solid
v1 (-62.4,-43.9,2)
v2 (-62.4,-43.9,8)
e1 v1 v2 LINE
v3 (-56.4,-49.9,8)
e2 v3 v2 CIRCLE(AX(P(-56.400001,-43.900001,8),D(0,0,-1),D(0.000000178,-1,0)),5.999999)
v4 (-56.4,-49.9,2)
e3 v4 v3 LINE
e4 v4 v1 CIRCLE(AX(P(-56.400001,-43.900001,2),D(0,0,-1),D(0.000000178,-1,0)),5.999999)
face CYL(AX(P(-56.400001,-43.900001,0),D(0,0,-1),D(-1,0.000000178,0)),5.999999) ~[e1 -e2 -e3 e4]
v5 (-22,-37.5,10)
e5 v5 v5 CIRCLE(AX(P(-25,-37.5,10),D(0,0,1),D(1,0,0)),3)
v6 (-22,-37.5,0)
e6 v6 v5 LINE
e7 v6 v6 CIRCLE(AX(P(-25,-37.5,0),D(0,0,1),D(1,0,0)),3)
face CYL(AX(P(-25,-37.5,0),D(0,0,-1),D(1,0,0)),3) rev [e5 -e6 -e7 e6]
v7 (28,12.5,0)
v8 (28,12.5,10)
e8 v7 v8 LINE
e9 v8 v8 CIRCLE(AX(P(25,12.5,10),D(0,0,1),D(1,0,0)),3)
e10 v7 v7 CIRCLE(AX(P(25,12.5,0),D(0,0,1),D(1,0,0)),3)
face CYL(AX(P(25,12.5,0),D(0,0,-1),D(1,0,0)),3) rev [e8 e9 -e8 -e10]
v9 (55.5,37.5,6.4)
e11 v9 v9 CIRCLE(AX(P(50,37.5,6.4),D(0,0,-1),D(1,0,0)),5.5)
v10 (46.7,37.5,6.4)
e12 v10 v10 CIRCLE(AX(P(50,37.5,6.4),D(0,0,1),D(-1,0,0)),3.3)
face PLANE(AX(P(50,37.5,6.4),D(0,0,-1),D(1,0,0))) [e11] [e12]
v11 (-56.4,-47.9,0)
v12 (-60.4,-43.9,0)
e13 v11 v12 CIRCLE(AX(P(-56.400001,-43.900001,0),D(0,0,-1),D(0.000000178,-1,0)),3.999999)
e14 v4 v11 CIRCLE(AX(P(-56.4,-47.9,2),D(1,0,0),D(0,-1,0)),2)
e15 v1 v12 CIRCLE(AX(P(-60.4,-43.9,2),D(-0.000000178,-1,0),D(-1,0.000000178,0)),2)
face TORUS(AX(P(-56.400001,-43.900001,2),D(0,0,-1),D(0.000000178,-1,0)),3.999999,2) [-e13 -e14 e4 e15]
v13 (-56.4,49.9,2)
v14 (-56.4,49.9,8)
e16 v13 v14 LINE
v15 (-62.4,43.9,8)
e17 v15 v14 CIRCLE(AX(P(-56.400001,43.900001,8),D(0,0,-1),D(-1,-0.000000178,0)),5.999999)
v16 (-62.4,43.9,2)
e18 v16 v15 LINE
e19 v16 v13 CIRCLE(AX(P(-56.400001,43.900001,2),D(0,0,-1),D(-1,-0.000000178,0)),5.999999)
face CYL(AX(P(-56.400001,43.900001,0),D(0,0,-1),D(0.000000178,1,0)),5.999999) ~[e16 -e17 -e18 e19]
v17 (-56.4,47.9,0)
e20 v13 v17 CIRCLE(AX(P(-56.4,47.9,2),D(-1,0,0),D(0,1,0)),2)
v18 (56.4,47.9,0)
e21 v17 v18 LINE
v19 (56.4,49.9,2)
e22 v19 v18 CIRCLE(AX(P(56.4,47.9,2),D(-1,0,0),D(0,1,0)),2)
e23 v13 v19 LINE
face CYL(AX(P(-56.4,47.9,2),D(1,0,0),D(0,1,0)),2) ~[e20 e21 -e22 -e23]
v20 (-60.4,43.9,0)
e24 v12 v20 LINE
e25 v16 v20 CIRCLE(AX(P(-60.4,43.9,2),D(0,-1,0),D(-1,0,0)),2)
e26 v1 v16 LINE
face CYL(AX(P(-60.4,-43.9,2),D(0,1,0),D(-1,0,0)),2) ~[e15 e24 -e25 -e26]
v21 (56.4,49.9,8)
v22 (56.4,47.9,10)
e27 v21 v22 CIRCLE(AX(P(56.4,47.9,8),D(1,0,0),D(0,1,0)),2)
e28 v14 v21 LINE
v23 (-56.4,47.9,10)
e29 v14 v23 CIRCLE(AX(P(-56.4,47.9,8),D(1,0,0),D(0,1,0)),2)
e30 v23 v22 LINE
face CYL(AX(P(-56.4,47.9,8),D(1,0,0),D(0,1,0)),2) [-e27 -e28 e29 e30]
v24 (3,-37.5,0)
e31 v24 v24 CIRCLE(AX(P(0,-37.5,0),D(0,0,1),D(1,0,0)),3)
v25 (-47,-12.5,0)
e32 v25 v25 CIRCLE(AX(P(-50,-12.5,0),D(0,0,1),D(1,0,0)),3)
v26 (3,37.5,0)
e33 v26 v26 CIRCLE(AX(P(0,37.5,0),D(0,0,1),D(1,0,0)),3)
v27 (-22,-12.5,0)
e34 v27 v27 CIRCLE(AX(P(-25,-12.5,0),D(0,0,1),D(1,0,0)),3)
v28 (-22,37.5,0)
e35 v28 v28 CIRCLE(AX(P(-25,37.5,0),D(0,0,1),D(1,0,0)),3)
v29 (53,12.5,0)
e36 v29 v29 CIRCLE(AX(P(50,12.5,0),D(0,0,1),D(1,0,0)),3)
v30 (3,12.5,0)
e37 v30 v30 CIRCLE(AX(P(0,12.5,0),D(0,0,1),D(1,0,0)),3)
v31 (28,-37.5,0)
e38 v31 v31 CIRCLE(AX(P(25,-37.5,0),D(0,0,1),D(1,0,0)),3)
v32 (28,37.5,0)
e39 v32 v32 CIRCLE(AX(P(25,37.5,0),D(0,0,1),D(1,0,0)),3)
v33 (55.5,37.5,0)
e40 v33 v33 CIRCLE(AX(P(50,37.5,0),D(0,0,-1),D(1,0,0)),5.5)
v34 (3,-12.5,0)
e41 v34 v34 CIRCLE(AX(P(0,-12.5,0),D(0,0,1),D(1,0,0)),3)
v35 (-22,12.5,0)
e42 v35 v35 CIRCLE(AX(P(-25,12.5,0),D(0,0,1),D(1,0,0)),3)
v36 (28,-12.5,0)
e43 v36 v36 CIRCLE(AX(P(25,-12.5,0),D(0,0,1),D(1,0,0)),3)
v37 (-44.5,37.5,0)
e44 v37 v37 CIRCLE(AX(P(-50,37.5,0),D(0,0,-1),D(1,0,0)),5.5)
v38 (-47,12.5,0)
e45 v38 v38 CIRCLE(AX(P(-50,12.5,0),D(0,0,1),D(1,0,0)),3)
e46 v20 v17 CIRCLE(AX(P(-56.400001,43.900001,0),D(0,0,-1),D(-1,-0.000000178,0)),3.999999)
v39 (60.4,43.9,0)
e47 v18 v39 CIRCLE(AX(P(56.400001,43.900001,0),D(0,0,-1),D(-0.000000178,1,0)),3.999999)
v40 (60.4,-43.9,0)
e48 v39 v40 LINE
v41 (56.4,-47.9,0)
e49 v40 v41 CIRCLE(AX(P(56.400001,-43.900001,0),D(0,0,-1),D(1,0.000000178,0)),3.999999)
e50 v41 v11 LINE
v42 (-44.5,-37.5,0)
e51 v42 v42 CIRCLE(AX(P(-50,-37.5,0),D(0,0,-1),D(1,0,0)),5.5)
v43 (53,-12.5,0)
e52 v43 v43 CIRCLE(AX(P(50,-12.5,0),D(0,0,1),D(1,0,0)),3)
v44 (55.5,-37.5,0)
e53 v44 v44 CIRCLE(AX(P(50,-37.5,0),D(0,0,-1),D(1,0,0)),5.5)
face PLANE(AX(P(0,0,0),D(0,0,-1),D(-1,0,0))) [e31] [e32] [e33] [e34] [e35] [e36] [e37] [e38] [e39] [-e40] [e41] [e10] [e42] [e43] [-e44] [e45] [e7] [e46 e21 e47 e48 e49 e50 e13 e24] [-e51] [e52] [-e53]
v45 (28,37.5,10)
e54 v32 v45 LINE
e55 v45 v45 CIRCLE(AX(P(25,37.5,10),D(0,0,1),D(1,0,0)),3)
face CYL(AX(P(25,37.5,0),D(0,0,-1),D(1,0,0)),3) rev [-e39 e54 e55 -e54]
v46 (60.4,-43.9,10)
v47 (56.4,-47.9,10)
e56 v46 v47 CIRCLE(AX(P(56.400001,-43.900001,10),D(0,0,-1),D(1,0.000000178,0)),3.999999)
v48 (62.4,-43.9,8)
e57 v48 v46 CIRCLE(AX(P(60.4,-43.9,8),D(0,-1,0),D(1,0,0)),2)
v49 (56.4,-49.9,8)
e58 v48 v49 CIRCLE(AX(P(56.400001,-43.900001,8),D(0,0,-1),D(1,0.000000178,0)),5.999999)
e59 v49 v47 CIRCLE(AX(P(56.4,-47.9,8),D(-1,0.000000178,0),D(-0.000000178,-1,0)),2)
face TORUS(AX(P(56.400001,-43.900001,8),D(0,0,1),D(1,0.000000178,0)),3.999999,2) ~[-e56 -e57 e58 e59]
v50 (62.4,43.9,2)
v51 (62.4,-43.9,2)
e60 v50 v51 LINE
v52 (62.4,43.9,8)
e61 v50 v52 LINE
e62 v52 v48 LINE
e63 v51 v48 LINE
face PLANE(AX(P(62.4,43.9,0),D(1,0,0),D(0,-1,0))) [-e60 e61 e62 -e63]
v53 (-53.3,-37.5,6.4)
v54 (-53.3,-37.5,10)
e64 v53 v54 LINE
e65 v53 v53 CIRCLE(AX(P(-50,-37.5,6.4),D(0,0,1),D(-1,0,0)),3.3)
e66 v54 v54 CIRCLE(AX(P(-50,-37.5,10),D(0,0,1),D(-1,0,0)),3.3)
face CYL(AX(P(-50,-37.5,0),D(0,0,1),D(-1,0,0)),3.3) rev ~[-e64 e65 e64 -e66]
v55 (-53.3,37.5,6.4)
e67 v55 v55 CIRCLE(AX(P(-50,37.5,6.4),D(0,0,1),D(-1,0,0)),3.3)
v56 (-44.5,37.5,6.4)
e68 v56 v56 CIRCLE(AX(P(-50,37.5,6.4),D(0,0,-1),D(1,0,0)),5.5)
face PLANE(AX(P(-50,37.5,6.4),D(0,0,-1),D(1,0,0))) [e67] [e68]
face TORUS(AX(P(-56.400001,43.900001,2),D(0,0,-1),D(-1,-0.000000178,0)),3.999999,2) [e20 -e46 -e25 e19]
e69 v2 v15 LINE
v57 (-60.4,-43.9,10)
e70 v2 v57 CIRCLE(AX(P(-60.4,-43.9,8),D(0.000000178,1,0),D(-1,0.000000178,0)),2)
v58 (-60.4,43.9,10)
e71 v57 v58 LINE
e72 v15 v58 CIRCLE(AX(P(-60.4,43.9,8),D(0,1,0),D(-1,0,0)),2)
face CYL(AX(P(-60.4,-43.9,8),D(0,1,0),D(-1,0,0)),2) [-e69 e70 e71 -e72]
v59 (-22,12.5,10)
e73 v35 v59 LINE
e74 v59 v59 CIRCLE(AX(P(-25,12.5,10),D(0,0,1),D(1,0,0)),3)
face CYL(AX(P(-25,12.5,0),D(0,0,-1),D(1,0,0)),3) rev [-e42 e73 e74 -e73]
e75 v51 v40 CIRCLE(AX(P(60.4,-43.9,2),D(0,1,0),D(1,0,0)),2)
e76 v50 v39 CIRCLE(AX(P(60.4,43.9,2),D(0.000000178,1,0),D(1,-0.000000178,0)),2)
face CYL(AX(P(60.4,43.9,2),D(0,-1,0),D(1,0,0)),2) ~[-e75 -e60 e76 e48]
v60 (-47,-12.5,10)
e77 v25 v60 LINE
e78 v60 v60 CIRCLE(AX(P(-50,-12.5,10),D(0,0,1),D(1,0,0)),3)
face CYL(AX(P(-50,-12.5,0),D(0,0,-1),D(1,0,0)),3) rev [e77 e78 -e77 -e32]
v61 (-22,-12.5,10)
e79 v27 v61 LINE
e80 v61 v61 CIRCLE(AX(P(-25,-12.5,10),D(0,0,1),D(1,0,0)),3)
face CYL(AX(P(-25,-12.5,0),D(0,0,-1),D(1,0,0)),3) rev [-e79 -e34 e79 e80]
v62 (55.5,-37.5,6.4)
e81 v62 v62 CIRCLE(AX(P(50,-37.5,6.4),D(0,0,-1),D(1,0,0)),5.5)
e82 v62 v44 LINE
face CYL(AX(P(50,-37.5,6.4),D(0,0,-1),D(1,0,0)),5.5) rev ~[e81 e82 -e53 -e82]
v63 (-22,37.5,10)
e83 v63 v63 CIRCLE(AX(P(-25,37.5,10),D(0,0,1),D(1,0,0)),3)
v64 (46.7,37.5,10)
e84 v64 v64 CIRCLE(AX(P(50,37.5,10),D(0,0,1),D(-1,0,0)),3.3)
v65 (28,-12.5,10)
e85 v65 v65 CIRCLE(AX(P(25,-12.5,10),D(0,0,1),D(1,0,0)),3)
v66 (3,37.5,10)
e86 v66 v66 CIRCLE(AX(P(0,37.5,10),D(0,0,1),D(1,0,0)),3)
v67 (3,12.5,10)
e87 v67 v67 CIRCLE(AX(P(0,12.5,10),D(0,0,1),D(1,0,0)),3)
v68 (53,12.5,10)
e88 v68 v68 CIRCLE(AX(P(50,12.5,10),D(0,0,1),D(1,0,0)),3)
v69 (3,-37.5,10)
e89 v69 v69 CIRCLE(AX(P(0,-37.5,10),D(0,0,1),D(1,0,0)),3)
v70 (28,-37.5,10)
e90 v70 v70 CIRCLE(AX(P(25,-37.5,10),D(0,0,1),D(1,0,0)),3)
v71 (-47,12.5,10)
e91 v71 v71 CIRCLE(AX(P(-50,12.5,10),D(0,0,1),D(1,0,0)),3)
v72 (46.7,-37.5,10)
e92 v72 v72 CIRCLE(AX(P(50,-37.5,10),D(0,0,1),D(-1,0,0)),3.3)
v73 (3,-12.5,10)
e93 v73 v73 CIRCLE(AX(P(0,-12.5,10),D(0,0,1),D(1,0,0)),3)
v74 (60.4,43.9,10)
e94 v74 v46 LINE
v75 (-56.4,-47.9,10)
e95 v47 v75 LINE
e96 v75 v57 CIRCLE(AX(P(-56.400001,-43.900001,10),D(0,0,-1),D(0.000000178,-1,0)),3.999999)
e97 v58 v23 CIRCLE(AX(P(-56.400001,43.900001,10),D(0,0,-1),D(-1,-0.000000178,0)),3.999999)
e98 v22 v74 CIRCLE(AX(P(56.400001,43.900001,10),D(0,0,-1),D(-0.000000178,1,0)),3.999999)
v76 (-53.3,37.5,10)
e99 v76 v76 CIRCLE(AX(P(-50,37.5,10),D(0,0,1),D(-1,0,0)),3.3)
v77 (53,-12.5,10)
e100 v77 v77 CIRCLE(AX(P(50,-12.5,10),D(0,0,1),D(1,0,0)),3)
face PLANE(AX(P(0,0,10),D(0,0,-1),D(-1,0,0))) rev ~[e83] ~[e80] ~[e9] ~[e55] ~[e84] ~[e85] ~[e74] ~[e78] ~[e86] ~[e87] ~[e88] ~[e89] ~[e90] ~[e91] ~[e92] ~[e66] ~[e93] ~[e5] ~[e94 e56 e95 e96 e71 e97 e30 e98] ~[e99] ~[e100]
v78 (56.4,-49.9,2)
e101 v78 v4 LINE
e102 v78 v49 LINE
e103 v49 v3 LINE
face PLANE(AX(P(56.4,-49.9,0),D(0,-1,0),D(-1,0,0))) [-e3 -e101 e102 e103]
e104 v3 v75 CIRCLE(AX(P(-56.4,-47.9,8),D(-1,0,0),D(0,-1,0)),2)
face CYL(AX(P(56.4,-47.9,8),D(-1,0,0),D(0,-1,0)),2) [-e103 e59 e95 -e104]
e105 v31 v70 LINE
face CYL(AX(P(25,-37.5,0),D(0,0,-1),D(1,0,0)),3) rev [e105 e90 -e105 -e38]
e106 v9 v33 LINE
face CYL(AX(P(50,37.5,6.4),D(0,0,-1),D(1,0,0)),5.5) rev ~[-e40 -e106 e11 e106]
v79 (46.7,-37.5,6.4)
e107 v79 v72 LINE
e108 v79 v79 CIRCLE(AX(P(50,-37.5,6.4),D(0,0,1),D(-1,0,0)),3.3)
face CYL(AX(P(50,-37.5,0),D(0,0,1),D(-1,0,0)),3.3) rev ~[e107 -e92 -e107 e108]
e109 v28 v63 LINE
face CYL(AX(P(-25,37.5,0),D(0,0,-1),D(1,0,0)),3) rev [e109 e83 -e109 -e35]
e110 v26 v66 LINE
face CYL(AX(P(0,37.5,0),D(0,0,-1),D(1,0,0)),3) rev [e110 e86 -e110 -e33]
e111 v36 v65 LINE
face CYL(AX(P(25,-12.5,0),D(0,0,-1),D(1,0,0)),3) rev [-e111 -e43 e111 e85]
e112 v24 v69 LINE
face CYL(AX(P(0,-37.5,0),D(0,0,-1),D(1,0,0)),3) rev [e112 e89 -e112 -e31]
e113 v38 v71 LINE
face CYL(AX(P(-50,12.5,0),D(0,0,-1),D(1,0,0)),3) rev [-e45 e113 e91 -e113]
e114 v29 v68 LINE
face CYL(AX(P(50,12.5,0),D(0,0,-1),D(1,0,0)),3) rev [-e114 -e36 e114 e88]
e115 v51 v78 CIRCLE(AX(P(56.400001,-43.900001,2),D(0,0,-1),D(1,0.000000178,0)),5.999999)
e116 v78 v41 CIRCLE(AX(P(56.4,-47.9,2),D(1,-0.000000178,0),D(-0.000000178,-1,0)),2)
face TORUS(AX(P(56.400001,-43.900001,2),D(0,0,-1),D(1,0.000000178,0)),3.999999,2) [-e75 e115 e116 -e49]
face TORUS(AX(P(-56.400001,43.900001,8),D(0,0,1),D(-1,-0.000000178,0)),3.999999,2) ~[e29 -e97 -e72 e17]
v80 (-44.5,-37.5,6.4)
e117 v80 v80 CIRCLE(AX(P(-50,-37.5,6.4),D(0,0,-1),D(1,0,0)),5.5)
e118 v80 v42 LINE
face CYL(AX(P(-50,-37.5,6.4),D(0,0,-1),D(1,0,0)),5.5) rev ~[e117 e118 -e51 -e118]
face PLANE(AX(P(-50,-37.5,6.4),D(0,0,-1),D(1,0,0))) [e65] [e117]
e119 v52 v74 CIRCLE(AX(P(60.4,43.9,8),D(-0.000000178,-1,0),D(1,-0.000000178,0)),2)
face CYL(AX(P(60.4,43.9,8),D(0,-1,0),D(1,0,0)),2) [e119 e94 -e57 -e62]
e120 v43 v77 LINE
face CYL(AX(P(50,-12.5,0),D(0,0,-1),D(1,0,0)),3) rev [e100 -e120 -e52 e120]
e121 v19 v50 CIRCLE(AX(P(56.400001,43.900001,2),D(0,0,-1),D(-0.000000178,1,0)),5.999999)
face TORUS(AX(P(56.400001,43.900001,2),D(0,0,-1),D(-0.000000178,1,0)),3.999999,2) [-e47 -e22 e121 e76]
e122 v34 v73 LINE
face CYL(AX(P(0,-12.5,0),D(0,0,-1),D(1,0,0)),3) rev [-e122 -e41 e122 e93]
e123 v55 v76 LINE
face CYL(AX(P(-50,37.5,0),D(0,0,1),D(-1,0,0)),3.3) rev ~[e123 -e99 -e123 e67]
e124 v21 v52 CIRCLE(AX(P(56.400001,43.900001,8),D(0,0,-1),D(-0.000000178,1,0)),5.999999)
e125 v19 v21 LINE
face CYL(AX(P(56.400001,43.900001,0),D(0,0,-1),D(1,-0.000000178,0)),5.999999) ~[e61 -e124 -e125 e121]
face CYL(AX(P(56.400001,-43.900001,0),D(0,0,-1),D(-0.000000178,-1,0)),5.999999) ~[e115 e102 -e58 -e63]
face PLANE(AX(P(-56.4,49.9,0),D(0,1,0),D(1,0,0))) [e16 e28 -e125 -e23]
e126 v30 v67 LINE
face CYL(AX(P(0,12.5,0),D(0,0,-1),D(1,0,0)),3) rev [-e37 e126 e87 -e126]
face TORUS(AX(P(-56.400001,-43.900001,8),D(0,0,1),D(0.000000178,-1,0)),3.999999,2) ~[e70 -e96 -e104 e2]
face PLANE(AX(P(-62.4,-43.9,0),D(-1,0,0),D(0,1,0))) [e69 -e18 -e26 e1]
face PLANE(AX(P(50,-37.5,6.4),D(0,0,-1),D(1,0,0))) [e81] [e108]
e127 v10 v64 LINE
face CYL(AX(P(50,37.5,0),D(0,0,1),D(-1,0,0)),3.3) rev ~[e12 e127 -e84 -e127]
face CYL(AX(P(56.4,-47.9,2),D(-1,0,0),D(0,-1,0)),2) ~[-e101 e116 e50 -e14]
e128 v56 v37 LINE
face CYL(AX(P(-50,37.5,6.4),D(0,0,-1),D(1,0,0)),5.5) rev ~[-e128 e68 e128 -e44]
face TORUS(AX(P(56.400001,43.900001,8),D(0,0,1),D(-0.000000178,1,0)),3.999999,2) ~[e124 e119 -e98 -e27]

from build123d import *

# Parameters (mm, degrees)
SKETCH_R         = 3
PAD_DEPTH        = 10
HOLE_D           = 6.6
HOLE_DEPTH       = 25
HOLE_CBORE_D     = 11
HOLE_CBORE_DEPTH = 6.4
FILLET_R         = 2
FILLET001_R      = 2


with BuildPart() as part:
    # Sketch → Pad (new body)
    with BuildSketch(Plane.XY):
        with BuildLine():
            Line((-56.4, 49.9), (56.4, 49.9))
            ThreePointArc((62.4, 43.9), (60.642641, 48.142641), (56.4, 49.9))
            Line((62.4, 43.9), (62.4, -43.9))
            ThreePointArc((56.4, -49.9), (60.642641, -48.142641), (62.4, -43.9))
            Line((56.4, -49.9), (-56.4, -49.9))
            ThreePointArc((-62.4, -43.9), (-60.642641, -48.142641), (-56.4, -49.9))
            Line((-62.4, -43.9), (-62.4, 43.9))
            ThreePointArc((-56.4, 49.9), (-60.642641, 48.142641), (-62.4, 43.9))
        make_face()
        with Locations((25, -37.5)):
            Circle(SKETCH_R, mode=Mode.SUBTRACT)
        with Locations((0, -37.5)):
            Circle(SKETCH_R, mode=Mode.SUBTRACT)
        with Locations((-25, -37.5)):
            Circle(SKETCH_R, mode=Mode.SUBTRACT)
        with Locations((50, -12.5)):
            Circle(SKETCH_R, mode=Mode.SUBTRACT)
        with Locations((50, 12.5)):
            Circle(SKETCH_R, mode=Mode.SUBTRACT)
        with Locations((-50, -12.5)):
            Circle(SKETCH_R, mode=Mode.SUBTRACT)
        with Locations((-25, -12.5)):
            Circle(SKETCH_R, mode=Mode.SUBTRACT)
        with Locations((0, -12.5)):
            Circle(SKETCH_R, mode=Mode.SUBTRACT)
        with Locations((25, -12.5)):
            Circle(SKETCH_R, mode=Mode.SUBTRACT)
        with Locations((-50, 12.5)):
            Circle(SKETCH_R, mode=Mode.SUBTRACT)
        with Locations((-25, 12.5)):
            Circle(SKETCH_R, mode=Mode.SUBTRACT)
        with Locations((0, 12.5)):
            Circle(SKETCH_R, mode=Mode.SUBTRACT)
        with Locations((25, 12.5)):
            Circle(SKETCH_R, mode=Mode.SUBTRACT)
        with Locations((-25, 37.5)):
            Circle(SKETCH_R, mode=Mode.SUBTRACT)
        with Locations((0, 37.5)):
            Circle(SKETCH_R, mode=Mode.SUBTRACT)
        with Locations((25, 37.5)):
            Circle(SKETCH_R, mode=Mode.SUBTRACT)
    extrude(amount=PAD_DEPTH)

    # Hole
    with Locations(Plane(origin=(0, 0, 0), x_dir=(1, 0, 0), z_dir=(0, 0, -1))):
        with Locations((50, -37.5), (-50, -37.5), (-50, 37.5), (50, 37.5)):
            CounterBoreHole(HOLE_D / 2, HOLE_CBORE_D / 2, HOLE_CBORE_DEPTH, depth=HOLE_DEPTH)

    # Fillet
    fillet_edges = [part.edges().sort_by_distance(p)[0] for p in [
        (0, 49.9, 0),
    ]]
    fillet(fillet_edges, radius=FILLET_R)

    # Fillet001
    fillet001_edges = [part.edges().sort_by_distance(p)[0] for p in [
        (0, 49.9, 10),
    ]]
    fillet(fillet001_edges, radius=FILLET001_R)


solid = part.part
